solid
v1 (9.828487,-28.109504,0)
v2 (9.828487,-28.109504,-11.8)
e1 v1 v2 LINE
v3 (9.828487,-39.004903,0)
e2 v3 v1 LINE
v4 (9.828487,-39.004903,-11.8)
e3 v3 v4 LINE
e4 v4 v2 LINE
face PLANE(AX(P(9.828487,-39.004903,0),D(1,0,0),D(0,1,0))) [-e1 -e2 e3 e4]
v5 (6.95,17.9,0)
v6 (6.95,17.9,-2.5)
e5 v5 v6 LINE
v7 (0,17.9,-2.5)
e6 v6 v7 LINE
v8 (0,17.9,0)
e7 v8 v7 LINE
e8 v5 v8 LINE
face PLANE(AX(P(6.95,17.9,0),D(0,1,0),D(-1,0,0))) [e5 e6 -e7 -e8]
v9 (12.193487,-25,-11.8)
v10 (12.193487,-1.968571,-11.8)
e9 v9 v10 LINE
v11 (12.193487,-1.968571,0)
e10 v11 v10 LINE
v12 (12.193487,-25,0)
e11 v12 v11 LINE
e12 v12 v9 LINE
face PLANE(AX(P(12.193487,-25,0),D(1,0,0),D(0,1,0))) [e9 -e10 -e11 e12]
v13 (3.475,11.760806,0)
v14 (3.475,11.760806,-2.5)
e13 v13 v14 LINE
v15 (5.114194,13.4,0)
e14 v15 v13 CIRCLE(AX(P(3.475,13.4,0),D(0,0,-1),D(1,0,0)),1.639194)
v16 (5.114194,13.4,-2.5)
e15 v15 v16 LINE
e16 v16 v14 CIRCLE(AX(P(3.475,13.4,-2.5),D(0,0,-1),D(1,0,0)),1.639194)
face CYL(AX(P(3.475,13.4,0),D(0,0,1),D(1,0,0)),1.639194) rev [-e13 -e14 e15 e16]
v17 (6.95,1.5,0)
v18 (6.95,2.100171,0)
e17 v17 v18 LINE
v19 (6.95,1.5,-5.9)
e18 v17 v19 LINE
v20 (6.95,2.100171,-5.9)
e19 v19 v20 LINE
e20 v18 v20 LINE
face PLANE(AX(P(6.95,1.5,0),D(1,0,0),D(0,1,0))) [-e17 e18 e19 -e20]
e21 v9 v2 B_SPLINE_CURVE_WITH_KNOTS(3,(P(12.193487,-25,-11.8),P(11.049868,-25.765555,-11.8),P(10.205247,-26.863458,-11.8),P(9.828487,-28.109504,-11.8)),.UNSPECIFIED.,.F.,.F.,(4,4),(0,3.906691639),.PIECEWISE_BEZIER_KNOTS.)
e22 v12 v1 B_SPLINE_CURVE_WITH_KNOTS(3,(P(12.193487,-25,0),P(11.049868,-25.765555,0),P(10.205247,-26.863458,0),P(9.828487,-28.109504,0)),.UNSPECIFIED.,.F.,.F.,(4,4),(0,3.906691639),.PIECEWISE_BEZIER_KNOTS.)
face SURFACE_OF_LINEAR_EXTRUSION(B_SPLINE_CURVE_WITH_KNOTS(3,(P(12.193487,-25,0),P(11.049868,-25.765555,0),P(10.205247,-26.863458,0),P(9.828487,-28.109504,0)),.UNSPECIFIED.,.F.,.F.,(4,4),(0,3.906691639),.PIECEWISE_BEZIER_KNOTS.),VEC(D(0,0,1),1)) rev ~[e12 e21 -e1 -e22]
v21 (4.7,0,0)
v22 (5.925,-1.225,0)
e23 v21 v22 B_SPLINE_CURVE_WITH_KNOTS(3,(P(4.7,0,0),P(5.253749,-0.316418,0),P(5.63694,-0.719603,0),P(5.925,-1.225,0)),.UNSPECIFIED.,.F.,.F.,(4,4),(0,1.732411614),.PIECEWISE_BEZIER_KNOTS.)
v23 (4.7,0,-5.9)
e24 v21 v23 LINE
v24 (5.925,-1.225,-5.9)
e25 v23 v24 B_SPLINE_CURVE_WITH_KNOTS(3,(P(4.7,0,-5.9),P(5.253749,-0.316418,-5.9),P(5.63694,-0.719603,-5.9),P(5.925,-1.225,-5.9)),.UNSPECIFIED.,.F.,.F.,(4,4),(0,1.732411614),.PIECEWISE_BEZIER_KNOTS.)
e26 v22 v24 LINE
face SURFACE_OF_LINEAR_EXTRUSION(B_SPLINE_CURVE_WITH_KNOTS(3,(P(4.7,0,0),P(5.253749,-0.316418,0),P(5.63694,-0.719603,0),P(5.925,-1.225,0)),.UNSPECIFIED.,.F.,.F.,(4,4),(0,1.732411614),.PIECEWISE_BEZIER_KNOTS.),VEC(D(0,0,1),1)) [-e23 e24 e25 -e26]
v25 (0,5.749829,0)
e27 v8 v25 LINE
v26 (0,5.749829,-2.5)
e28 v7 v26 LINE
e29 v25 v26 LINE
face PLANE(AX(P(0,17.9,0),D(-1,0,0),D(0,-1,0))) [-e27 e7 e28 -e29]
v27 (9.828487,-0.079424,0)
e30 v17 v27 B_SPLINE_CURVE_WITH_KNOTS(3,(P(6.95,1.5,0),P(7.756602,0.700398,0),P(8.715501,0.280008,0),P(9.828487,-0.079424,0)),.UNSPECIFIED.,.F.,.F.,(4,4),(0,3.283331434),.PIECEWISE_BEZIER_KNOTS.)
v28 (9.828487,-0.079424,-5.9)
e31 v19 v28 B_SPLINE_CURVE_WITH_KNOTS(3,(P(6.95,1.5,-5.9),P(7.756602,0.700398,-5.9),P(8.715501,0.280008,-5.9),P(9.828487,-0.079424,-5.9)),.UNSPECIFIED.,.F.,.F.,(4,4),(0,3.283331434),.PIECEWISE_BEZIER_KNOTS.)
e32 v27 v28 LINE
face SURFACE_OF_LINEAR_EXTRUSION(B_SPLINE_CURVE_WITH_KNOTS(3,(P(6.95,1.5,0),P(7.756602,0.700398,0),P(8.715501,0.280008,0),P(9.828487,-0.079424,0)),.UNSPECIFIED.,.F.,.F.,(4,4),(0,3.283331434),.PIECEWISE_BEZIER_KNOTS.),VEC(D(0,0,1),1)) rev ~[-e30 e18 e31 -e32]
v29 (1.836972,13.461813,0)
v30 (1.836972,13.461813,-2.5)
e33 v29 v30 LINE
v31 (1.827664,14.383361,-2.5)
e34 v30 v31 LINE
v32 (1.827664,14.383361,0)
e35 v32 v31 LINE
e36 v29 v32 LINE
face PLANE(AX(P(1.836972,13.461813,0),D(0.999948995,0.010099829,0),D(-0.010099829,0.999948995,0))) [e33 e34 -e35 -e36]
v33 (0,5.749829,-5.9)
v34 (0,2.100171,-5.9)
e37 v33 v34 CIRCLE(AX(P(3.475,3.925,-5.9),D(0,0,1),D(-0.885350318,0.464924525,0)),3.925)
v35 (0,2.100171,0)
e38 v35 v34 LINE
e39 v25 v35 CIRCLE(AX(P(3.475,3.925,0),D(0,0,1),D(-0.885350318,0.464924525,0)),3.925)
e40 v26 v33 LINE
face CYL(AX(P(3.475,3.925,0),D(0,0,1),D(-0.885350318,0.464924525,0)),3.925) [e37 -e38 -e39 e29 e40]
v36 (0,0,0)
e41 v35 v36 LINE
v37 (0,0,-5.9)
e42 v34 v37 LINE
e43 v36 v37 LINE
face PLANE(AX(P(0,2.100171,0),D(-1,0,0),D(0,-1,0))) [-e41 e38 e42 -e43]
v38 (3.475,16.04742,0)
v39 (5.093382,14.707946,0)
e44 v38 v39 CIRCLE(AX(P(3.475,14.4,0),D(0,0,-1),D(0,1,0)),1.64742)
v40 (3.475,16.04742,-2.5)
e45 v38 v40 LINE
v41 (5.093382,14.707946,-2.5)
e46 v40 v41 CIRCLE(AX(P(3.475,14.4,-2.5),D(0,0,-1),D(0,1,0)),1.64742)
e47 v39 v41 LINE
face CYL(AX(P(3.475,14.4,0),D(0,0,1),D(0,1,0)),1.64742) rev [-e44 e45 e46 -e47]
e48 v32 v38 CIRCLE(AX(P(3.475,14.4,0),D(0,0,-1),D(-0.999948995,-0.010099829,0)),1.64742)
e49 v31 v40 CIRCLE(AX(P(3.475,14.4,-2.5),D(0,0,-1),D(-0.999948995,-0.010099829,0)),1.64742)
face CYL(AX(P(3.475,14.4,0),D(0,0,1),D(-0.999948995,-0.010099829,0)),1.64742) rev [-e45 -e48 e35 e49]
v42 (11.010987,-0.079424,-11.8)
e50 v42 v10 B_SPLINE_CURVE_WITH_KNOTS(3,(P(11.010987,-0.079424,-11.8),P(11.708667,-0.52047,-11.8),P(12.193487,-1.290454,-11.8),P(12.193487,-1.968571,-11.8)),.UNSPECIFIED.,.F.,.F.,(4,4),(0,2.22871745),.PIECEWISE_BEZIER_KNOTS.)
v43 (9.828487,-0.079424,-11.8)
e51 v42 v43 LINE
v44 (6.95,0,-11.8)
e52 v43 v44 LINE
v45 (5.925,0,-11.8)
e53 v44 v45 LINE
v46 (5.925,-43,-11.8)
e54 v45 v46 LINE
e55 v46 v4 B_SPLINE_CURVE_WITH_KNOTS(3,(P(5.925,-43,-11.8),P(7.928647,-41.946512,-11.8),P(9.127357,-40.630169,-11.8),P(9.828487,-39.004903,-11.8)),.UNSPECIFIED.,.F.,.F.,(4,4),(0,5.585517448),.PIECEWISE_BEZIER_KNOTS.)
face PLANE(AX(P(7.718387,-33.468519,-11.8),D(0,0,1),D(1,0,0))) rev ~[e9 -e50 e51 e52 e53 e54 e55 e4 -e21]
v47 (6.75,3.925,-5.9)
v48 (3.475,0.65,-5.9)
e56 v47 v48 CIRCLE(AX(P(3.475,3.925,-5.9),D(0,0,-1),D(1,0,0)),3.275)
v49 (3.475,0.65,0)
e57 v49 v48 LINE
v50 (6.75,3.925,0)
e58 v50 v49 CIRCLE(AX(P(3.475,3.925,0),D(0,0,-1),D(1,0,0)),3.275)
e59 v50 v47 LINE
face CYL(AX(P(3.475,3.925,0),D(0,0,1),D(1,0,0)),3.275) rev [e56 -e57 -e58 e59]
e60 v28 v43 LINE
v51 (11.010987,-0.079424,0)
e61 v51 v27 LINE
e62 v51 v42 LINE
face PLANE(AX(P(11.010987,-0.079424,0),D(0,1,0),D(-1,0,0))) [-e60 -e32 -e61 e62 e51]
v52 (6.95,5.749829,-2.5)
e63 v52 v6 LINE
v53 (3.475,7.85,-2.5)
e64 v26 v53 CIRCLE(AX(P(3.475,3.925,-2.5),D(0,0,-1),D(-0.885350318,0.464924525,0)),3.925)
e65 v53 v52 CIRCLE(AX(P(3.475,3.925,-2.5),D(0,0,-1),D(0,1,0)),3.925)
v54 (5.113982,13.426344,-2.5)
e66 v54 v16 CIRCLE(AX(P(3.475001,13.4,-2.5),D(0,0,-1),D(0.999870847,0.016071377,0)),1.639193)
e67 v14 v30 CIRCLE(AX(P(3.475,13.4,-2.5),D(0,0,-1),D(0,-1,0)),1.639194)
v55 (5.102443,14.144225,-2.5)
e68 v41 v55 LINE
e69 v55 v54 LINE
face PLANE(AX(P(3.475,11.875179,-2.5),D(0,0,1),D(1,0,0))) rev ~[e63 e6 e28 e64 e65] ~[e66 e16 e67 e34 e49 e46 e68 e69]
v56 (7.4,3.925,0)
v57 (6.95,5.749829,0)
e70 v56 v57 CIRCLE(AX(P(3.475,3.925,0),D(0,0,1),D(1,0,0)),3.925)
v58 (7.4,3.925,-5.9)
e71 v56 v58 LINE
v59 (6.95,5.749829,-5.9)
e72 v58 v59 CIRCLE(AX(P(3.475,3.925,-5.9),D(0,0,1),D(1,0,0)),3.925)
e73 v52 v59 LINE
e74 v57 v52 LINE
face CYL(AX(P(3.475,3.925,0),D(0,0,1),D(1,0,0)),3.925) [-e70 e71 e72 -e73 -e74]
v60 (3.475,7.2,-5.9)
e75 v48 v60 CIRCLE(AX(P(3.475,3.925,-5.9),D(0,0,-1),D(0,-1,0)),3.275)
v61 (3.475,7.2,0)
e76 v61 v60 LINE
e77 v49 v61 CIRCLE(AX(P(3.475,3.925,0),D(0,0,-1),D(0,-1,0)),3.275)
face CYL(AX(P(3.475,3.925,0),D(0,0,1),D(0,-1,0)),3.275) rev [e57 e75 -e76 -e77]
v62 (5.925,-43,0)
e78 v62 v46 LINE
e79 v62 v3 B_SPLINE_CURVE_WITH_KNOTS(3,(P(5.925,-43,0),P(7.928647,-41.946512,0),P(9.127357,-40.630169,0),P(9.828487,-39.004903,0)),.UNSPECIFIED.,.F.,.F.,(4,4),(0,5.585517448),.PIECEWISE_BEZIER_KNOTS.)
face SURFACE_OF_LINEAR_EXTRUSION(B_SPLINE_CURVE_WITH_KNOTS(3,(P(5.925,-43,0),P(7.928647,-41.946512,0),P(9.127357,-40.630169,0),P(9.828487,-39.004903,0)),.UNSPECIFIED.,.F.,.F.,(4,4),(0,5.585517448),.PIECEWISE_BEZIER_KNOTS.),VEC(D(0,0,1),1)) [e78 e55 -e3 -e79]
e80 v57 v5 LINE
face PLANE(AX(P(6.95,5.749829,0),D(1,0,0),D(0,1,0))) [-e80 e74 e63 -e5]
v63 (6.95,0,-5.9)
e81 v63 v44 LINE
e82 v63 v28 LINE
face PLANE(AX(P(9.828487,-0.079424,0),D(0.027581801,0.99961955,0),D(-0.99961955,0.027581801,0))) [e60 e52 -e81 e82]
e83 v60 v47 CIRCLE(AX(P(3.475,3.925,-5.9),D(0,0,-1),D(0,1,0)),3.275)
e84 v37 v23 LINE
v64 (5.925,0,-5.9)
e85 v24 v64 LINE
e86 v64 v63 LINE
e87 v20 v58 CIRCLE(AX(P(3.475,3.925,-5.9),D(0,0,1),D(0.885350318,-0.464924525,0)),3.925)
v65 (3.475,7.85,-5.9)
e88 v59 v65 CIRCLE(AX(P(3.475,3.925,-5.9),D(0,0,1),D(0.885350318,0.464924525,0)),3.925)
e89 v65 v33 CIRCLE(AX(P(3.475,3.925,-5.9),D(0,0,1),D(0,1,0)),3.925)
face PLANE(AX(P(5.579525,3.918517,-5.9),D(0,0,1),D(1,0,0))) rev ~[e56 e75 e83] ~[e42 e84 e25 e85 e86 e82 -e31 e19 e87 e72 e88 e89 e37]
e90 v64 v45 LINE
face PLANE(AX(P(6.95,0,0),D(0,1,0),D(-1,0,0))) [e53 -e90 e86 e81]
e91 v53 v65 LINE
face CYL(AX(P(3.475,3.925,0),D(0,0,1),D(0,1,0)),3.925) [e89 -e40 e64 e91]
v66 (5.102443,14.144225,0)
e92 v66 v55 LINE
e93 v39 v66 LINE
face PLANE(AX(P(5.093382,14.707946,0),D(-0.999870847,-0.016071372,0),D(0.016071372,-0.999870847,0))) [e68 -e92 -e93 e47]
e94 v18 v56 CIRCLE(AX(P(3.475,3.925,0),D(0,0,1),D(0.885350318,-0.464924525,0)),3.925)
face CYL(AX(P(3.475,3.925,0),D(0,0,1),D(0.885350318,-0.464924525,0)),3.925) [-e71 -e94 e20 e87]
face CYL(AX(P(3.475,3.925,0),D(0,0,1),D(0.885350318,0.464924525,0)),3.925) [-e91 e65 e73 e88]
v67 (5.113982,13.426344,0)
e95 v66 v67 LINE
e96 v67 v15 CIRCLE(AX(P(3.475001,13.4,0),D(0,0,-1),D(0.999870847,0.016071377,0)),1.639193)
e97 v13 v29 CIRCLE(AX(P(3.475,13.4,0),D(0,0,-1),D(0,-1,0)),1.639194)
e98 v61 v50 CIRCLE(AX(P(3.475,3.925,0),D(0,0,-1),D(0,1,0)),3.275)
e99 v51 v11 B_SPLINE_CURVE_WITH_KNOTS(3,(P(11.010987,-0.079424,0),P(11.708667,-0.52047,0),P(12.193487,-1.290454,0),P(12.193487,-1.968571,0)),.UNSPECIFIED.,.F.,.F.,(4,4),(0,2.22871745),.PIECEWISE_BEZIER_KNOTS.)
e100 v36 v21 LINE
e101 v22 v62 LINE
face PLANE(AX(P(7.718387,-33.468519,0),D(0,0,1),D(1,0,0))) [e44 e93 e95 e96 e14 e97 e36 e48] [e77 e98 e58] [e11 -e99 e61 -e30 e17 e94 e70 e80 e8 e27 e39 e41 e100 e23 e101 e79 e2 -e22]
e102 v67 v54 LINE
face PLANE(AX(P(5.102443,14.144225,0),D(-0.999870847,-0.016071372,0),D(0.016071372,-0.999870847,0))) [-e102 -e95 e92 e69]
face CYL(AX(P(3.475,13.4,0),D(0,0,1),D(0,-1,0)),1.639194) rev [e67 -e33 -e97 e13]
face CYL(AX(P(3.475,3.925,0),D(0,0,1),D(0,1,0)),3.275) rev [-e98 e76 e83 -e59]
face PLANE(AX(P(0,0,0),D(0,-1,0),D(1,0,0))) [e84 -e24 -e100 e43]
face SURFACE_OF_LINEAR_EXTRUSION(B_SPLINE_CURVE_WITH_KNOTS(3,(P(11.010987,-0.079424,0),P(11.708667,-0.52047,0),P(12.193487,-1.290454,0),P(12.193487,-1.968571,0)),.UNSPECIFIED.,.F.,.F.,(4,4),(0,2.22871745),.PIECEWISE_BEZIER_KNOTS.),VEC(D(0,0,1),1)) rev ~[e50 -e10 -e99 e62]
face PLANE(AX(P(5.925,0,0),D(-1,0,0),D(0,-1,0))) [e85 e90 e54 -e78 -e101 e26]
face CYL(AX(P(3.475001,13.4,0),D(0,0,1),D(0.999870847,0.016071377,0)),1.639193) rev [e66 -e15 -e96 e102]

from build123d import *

# Parameters (mm, degrees)
F1_DEPTH = 5.9
F2_DEPTH = 2.5
F3_DEPTH = 11.8


with BuildPart() as f1:
    # F0 (on Top) → F1 (new body)
    with BuildSketch(Plane.XY):
        with BuildLine():
            Line((3.475, 0.65), (3.475, 0))
            ThreePointArc((3.475, 0), (4.7730375063, 0.2208504846), (5.925, 0.8585484677))
            ThreePointArc((5.925, 0.8585484677), (6.5018486959, 1.426237912), (6.95, 2.1001712409))
            Line((6.95, 2.1001712409), (6.95, 5.7498287591))
            ThreePointArc((6.95, 5.7498287591), (5.5051689733, 7.2841723593), (3.475, 7.85))
            Line((3.475, 7.85), (3.475, 7.2))
            ThreePointArc((3.475, 7.2), (5.7907747084, 6.2407747084), (6.75, 3.925))
            ThreePointArc((6.75, 3.925), (5.7907747084, 1.6092252916), (3.475, 0.65))
        make_face()
        with BuildLine():
            Line((0, 5.7498287591), (0, 2.1001712409))
            ThreePointArc((0, 2.1001712409), (0.4481513041, 1.426237912), (1.025, 0.8585484677))
            ThreePointArc((1.025, 0.8585484677), (2.1769624937, 0.2208504846), (3.475, 0))
            Line((3.475, 0), (3.475, 0.65))
            ThreePointArc((3.475, 0.65), (0.2, 3.925), (3.475, 7.2))
            Line((3.475, 7.2), (3.475, 7.85))
            ThreePointArc((3.475, 7.85), (1.4448310267, 7.2841723593), (0, 5.7498287591))
        make_face()
        with BuildLine():
            Line((0, 2.1001712409), (0, 0))
            Line((0, 0), (1.025, 0))
            Line((1.025, 0), (1.025, 0.8585484677))
            ThreePointArc((1.025, 0.8585484677), (0.4481513041, 1.426237912), (0, 2.1001712409))
        make_face()
        with BuildLine():
            Line((1.025, 0.8585484677), (1.025, 0))
            Line((1.025, 0), (3.475, 0))
            ThreePointArc((3.475, 0), (2.1769624937, 0.2208504846), (1.025, 0.8585484677))
        make_face()
        with BuildLine():
            ThreePointArc((0, 5.7498287591), (-0.45, 3.925), (0, 2.1001712409))
            Line((0, 2.1001712409), (0, 5.7498287591))
        make_face()
        with BuildLine():
            Line((6.95, 5.7498287591), (6.95, 2.1001712409))
            ThreePointArc((6.95, 2.1001712409), (7.2858398025, 2.9852526935), (7.4, 3.925))
            ThreePointArc((7.4, 3.925), (7.2858398025, 4.8647473065), (6.95, 5.7498287591))
        make_face()
        with BuildLine():
            ThreePointArc((6.95, 2.1001712409), (6.5018486959, 1.426237912), (5.925, 0.8585484677))
            Line((5.925, 0.8585484677), (5.925, 0))
            Line((5.925, 0), (6.95, 0))
            Line((6.95, 0), (6.95, 1.44))
            Line((6.95, 1.44), (6.95, 1.5))
            Line((6.95, 1.5), (6.95, 2.1001712409))
        make_face()
        with BuildLine():
            ThreePointArc((5.925, 0.8585484677), (4.7730375063, 0.2208504846), (3.475, 0))
            Line((3.475, 0), (4.7, 0))
            Line((4.7, 0), (5.925, 0))
            Line((5.925, 0), (5.925, 0.8585484677))
        make_face()
        with BuildLine():
            Line((5.925, 0), (4.7, 0))
            add(Edge.make_bspline(
                [(4.7, 0), (5.2537494339, -0.3164176305), (5.6369397789, -0.7196032093), (5.925, -1.225)],
                knots=[0, 0, 0, 0, 1.7324116139, 1.7324116139, 1.7324116139, 1.7324116139], degree=3))
            Line((5.925, -1.225), (5.925, -0.079424061))
            Line((5.925, -0.079424061), (5.925, 0))
        make_face()
        with BuildLine():
            Line((6.95, 1.44), (6.95, 0))
            Line((6.95, 0), (9.8284865708, -0.079424061))
            add(Edge.make_bspline(
                [(6.95, 1.5), (7.7566024847, 0.7003984647), (8.7155010551, 0.2800084476), (9.8284865708, -0.079424061)],
                knots=[0, 0, 0, 0, 3.2833314336, 3.2833314336, 3.2833314336, 3.2833314336], degree=3))
            Line((6.95, 1.5), (6.95, 1.44))
        make_face()
    extrude(amount=-F1_DEPTH)

    # F0 (on Top) → F2 (join)
    with BuildSketch(Plane.XY):
        with BuildLine():
            Line((0, 7.85), (0, 5.7498287591))
            ThreePointArc((0, 5.7498287591), (1.4448310267, 7.2841723593), (3.475, 7.85))
            ThreePointArc((3.475, 7.85), (5.5051689733, 7.2841723593), (6.95, 5.7498287591))
            Line((6.95, 5.7498287591), (6.95, 17.9))
            Line((6.95, 17.9), (3.475, 17.9))
            Line((3.475, 17.9), (0, 17.9))
            Line((0, 17.9), (0, 7.85))
        make_face()
        with BuildLine():
            ThreePointArc((1.8276640256, 14.3833613398), (2.3042302705, 15.55900427), (3.475, 16.0474200003))
            ThreePointArc((3.475, 16.0474200003), (4.5253988967, 15.6691157612), (5.0933824344, 14.7079463483))
            Line((5.0933824344, 14.7079463483), (5.1024433757, 14.1442252627))
            Line((5.1024433757, 14.1442252627), (5.113982201, 13.4263440945))
            ThreePointArc((5.113982201, 13.4263440945), (5.1141409801, 13.4131724726), (5.1141939076, 13.4))
            ThreePointArc((5.1141939076, 13.4), (4.6340851277, 12.2409148723), (3.475, 11.7608060924))
            ThreePointArc((3.475, 11.7608060924), (2.2942628451, 12.2629791393), (1.8369719791, 13.4618131819))
            Line((1.8369719791, 13.4618131819), (1.8276640256, 14.3833613398))
        make_face(mode=Mode.SUBTRACT)
    extrude(amount=-F2_DEPTH)

    # F0 (on Top) → F3 (join)
    with BuildSketch(Plane.XY):
        with BuildLine():
            Line((9.8284865708, -25), (5.925, -25))
            Line((5.925, -25), (5.925, -26.9515))
            Line((5.925, -26.9515), (5.925, -28.903))
            Line((5.925, -28.903), (5.925, -43))
            add(Edge.make_bspline(
                [(5.925, -43), (7.9286471009, -41.9465117157), (9.1273570433, -40.6301692128), (9.8284865708, -39.0049032867)],
                knots=[0, 0, 0, 0, 5.5855174476, 5.5855174476, 5.5855174476, 5.5855174476], degree=3))
            Line((9.8284865708, -39.0049032867), (9.8284865708, -28.1095039099))
            Line((9.8284865708, -28.1095039099), (9.8284865708, -25))
        make_face()
        with BuildLine():
            Line((12.1934865708, -25), (9.8284865708, -25))
            Line((9.8284865708, -25), (9.8284865708, -28.1095039099))
            add(Edge.make_bspline(
                [(12.1934865708, -25), (11.0498676077, -25.7655549794), (10.2052474394, -26.863457635), (9.8284865708, -28.1095039099)],
                knots=[0, 0, 0, 0, 3.9066916395, 3.9066916395, 3.9066916395, 3.9066916395], degree=3))
        make_face()
        Polygon((6.95, 0), (5.925, 0), (5.925, -0.079424061), (5.925, -1.225), (5.925, -21.3844068348), (5.925, -22.55), (5.925, -22.9875), (5.925, -25), (9.8284865708, -25), (9.8284865708, -0.079424061), align=None)
        with BuildLine():
            Line((11.0109865708, -0.079424061), (9.8284865708, -0.079424061))
            Line((9.8284865708, -0.079424061), (9.8284865708, -25))
            Line((9.8284865708, -25), (12.1934865708, -25))
            Line((12.1934865708, -25), (12.1934865708, -1.9685707521))
            add(Edge.make_bspline(
                [(11.0109865708, -0.079424061), (11.7086665705, -0.5204698537), (12.1934865708, -1.29045418), (12.1934865708, -1.9685707521)],
                knots=[0, 0, 0, 0, 2.2287174496, 2.2287174496, 2.2287174496, 2.2287174496], degree=3))
        make_face()
    extrude(amount=-F3_DEPTH)


solid = f1.part
